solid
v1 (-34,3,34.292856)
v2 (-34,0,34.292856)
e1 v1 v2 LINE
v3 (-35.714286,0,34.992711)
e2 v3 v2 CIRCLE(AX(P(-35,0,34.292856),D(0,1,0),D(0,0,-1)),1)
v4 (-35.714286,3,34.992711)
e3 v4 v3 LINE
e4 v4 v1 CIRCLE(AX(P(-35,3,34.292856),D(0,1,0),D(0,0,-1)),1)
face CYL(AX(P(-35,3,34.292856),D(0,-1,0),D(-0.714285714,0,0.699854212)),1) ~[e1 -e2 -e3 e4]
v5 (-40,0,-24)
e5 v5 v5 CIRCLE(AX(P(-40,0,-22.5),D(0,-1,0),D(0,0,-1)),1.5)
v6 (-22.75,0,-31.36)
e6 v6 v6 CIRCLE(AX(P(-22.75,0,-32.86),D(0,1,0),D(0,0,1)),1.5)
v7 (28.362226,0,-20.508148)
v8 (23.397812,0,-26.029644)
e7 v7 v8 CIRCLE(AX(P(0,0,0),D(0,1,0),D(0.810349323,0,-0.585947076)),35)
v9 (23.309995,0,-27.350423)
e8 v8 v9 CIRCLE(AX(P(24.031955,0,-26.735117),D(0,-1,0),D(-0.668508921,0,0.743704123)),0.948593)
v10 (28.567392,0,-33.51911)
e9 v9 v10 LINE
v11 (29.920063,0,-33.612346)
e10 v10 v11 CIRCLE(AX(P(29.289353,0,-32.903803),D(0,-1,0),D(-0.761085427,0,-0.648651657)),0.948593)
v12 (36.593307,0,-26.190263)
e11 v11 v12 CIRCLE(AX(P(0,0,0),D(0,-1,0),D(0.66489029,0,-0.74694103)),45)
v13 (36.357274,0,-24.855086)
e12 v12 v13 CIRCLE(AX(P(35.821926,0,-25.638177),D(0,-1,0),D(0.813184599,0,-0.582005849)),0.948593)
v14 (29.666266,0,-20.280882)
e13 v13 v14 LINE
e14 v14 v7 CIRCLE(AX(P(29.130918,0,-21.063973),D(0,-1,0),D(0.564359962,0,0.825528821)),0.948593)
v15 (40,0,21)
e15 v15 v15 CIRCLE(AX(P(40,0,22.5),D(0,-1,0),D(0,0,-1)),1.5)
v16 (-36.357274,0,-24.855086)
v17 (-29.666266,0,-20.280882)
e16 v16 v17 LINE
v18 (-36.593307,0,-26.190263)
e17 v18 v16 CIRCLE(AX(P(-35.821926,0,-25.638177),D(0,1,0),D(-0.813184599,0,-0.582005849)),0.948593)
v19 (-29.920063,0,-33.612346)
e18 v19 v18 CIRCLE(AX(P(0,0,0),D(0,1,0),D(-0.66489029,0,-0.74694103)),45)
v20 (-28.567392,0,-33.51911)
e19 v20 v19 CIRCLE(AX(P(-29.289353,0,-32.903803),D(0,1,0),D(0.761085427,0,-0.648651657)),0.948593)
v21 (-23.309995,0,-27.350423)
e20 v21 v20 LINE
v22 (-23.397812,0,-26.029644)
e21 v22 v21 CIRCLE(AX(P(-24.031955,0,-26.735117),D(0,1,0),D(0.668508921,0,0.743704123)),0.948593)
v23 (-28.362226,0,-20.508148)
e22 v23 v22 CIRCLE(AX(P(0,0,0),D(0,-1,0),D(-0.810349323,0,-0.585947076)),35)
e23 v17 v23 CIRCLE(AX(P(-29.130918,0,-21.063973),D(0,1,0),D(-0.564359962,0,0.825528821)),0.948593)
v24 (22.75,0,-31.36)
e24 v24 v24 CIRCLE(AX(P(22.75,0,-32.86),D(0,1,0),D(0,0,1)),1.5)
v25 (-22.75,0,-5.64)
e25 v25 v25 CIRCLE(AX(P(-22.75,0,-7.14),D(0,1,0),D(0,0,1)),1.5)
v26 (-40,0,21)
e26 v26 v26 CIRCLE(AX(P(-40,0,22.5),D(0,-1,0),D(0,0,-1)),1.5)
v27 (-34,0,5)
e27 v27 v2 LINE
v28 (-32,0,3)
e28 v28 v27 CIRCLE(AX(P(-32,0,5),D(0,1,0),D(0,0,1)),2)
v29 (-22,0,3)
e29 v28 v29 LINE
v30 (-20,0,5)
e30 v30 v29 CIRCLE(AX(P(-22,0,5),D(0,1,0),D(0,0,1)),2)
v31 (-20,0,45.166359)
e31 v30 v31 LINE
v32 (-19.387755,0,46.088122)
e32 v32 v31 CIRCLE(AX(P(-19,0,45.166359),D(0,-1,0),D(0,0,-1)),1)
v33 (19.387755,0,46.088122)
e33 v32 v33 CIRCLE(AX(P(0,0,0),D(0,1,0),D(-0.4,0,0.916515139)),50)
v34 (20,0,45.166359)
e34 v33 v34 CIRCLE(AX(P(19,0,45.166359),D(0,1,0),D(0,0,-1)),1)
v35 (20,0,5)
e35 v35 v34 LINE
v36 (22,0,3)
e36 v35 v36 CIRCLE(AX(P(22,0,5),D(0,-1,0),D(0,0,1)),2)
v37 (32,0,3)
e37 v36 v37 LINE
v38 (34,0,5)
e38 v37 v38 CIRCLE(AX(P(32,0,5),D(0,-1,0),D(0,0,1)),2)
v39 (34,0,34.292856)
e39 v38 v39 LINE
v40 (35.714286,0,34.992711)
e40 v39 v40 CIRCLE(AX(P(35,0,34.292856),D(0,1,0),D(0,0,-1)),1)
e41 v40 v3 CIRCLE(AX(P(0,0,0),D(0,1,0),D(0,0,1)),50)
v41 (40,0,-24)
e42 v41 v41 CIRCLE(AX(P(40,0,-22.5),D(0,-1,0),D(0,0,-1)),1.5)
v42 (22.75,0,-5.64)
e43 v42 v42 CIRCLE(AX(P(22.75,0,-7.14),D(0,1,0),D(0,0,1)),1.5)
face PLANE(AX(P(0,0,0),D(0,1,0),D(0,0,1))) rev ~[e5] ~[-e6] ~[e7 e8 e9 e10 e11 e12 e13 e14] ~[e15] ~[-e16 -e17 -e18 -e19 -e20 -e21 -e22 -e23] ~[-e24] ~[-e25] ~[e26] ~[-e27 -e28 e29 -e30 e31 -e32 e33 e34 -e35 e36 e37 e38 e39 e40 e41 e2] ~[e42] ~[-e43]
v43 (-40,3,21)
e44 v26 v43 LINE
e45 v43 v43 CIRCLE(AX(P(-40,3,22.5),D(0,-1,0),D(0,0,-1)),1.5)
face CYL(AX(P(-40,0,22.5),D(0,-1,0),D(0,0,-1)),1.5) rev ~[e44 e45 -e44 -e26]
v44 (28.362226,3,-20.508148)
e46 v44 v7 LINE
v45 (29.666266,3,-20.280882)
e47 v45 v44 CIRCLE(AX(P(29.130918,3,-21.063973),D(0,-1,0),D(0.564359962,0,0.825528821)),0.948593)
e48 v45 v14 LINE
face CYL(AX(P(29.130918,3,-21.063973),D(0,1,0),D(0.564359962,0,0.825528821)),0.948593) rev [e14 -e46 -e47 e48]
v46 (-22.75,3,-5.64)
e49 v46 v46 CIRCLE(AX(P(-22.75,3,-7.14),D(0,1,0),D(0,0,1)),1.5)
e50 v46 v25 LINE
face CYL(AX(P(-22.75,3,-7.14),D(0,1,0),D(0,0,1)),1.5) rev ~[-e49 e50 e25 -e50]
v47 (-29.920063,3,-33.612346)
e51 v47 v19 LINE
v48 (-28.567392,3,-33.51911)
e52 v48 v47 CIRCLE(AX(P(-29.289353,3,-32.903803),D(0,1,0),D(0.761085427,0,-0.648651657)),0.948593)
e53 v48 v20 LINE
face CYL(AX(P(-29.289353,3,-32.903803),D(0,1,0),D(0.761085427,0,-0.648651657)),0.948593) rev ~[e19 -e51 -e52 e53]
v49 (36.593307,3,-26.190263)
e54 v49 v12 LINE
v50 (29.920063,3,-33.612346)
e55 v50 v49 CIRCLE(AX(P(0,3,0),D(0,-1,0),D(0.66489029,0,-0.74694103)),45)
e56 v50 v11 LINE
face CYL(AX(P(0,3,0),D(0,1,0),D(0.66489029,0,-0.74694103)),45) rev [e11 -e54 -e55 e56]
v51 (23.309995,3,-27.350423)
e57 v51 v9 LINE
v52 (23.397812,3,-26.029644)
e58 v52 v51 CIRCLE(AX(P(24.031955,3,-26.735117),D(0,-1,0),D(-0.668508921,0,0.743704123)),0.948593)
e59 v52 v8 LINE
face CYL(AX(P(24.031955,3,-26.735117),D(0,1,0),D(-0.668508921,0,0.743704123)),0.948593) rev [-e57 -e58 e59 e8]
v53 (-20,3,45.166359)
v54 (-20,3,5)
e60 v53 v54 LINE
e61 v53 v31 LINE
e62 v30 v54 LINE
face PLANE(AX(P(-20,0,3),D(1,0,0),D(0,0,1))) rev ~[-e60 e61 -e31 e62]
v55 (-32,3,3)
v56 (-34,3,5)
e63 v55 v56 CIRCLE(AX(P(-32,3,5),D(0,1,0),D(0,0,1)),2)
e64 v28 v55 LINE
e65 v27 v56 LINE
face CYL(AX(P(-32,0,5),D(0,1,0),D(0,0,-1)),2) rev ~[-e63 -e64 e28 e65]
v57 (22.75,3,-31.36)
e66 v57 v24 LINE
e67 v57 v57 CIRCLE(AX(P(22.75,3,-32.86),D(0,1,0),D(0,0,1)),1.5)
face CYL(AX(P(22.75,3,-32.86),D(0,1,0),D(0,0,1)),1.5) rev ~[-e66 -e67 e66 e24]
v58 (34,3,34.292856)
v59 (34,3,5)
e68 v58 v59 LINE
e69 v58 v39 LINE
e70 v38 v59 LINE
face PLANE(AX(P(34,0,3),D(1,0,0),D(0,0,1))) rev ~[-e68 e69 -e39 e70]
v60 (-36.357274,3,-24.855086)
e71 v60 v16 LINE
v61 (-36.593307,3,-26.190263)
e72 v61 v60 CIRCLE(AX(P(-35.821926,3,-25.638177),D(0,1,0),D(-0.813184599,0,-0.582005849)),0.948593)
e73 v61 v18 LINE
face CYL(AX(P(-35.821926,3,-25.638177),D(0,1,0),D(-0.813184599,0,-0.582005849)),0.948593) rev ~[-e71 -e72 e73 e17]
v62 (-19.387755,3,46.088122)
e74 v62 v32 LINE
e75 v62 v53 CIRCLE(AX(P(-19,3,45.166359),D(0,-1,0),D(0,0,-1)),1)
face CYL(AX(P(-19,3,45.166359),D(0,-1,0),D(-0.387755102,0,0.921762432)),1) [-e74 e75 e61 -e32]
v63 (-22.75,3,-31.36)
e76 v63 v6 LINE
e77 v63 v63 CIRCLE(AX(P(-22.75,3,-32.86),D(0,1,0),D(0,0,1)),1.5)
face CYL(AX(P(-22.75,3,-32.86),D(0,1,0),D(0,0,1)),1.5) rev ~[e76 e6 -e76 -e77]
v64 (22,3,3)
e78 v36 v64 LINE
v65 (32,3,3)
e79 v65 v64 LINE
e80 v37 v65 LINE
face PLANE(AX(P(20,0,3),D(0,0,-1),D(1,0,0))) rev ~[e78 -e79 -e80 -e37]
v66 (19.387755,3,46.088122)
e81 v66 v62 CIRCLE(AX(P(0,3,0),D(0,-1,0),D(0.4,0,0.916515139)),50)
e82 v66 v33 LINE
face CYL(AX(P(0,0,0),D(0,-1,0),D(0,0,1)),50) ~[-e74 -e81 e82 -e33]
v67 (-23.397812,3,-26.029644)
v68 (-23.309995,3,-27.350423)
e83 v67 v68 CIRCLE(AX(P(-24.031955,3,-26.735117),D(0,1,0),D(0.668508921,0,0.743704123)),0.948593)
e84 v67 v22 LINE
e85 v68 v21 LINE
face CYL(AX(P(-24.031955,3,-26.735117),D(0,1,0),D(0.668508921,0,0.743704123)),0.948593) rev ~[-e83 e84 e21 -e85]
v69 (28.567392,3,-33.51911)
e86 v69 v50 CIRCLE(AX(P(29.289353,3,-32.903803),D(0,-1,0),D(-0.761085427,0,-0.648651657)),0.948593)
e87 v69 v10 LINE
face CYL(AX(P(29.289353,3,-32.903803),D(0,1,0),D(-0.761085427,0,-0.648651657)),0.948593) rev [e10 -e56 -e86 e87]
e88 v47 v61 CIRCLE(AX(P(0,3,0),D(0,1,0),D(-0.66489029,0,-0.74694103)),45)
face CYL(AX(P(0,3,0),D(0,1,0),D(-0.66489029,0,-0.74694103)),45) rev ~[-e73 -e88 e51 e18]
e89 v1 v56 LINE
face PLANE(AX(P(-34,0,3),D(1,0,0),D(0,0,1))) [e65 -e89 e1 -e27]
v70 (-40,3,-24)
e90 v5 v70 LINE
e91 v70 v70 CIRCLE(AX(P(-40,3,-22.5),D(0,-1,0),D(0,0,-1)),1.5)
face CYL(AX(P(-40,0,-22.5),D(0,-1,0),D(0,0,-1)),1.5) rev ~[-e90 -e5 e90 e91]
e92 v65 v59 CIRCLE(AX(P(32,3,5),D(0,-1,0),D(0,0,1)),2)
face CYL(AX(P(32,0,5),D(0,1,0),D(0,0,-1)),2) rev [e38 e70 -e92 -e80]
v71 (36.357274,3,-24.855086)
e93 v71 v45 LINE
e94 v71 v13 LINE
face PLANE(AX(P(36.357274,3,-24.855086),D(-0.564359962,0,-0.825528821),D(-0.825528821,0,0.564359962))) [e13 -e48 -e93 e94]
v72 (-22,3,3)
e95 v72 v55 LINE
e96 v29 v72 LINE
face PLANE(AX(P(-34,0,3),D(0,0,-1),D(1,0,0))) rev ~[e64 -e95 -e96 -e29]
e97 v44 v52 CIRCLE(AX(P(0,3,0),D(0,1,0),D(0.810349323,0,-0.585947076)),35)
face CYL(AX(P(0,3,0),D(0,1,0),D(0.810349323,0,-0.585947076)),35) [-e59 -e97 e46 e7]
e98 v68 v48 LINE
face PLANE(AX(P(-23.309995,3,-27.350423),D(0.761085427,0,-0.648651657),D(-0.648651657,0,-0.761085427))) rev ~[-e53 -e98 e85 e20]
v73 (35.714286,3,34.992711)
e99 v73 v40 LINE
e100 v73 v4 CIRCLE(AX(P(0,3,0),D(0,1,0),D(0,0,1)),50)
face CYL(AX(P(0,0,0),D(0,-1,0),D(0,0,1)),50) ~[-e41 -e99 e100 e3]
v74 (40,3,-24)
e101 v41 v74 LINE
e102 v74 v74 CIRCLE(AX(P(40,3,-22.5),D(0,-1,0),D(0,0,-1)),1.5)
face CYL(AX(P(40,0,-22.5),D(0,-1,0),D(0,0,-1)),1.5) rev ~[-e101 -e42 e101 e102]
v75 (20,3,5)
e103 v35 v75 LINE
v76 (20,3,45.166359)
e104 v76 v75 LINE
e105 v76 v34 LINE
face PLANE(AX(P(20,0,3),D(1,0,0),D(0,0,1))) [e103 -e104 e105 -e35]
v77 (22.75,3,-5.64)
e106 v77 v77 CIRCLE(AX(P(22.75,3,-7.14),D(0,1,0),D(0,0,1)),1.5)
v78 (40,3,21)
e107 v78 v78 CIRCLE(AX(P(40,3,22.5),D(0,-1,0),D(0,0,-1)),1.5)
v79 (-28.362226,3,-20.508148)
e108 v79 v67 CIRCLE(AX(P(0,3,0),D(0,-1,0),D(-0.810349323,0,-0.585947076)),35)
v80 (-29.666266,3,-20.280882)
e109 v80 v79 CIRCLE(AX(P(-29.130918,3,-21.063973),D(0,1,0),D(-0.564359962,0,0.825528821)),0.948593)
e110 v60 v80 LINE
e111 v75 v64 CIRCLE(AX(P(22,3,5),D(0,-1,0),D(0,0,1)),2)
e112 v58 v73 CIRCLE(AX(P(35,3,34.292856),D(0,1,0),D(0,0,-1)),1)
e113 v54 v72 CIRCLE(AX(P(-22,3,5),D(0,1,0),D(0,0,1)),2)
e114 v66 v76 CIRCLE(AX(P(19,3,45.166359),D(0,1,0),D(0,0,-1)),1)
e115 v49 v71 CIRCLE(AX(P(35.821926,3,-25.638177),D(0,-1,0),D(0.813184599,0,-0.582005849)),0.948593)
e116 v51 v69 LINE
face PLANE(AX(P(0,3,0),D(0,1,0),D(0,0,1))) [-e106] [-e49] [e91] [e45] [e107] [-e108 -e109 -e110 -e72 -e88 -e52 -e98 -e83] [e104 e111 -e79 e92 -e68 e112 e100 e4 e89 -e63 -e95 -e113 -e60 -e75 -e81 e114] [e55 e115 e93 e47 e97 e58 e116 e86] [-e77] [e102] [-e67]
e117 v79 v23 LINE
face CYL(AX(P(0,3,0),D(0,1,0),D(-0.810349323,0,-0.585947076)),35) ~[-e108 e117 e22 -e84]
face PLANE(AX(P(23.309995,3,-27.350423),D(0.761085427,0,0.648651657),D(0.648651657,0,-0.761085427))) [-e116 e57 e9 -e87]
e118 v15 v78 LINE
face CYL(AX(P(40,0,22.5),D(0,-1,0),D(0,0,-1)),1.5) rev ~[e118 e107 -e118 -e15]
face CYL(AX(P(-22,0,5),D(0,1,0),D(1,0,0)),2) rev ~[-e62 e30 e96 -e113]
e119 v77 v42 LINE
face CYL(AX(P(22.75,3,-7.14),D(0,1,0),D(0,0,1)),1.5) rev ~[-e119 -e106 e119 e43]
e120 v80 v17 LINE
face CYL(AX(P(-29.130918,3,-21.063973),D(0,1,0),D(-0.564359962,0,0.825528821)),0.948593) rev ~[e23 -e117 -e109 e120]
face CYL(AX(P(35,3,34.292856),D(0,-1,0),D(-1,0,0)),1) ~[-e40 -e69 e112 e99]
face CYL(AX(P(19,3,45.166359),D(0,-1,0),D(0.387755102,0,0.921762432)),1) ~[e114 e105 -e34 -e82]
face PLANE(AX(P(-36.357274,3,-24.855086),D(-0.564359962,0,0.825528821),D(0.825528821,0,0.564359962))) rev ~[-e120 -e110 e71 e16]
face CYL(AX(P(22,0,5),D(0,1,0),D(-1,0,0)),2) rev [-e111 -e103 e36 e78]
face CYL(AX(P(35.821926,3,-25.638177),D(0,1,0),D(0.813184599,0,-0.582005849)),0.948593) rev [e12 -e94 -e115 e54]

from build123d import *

# Parameters (mm, degrees)
SKETCH1_R           = 50
BOSS_EXTRUDE1_DEPTH = 3
SKETCH2_R           = 1.5
CUT_EXTRUDE1_DEPTH  = 10
SKETCH3_W           = 14
SKETCH3_H           = 45
CUT_EXTRUDE2_DEPTH  = 10
FILLET1_R           = 1
SKETCH4_R           = 1.5
CUT_EXTRUDE3_DEPTH  = 10
FILLET2_R           = 2
CUT_EXTRUDE5_DEPTH  = 3


with BuildPart() as part:
    # Sketch1 → Boss-Extrude1 (new body)
    with BuildSketch(Plane(origin=(0, 0, 0), x_dir=(1, 0, 0), z_dir=(0, 1, 0))):
        with Locations(Location((0, 0, 0), (0, 0, 270))):
            Circle(SKETCH1_R)
    extrude(amount=BOSS_EXTRUDE1_DEPTH)

    # Sketch2 → Cut-Extrude1 (cut)
    with BuildSketch(Plane(origin=(0, 3, 0), x_dir=(1, 0, 0), z_dir=(0, 1, 0))):
        with Locations(Location((-22.75, 32.86, 0), (0, 0, 270))):
            Circle(SKETCH2_R)
        with Locations(Location((22.75, 32.86, 0), (0, 0, 270))):
            Circle(SKETCH2_R)
        with Locations(Location((22.75, 7.14, 0), (0, 0, 270))):
            Circle(SKETCH2_R)
        with Locations(Location((-22.75, 7.14, 0), (0, 0, 270))):
            Circle(SKETCH2_R)
    extrude(amount=-CUT_EXTRUDE1_DEPTH, mode=Mode.SUBTRACT)

    # Sketch3 → Cut-Extrude2 (cut)
    with BuildSketch(Plane.XZ):
        with Locations((-27, 25.5)):
            Rectangle(SKETCH3_W, SKETCH3_H)
        with Locations((27, 25.5)):
            Rectangle(SKETCH3_W, SKETCH3_H)
    extrude(amount=-CUT_EXTRUDE2_DEPTH, mode=Mode.SUBTRACT)

    # Fillet1
    fillet1_edges = [part.edges().sort_by_distance(p)[0] for p in [
        (-34, 1.5, 36.66060556),
        (-20, 1.5, 45.82575695),
        (34, 1.5, 36.66060556),
        (20, 1.5, 45.82575695),
    ]]
    fillet(fillet1_edges, radius=FILLET1_R)

    # Sketch4 → Cut-Extrude3 (cut)
    with BuildSketch(Plane.XZ):
        with Locations(Location((-40, 22.5, 0), (0, 0, 270))):
            Circle(SKETCH4_R)
        with Locations(Location((-40, -22.5, 0), (0, 0, 270))):
            Circle(SKETCH4_R)
        with Locations(Location((40, -22.5, 0), (0, 0, 270))):
            Circle(SKETCH4_R)
        with Locations(Location((40, 22.5, 0), (0, 0, 270))):
            Circle(SKETCH4_R)
    extrude(amount=-CUT_EXTRUDE3_DEPTH, mode=Mode.SUBTRACT)

    # Fillet2
    fillet2_edges = [part.edges().sort_by_distance(p)[0] for p in [
        (-34, 1.5, 3),
        (-20, 1.5, 3),
        (20, 1.5, 3),
        (34, 1.5, 3),
    ]]
    fillet(fillet2_edges, radius=FILLET2_R)

    # Sketch6 → Cut-Extrude5 (cut)
    with BuildSketch(Plane(origin=(0, 3, 0), x_dir=(1, 0, 0), z_dir=(0, 1, 0))):
        with BuildLine():
            Line((23.309994817, 27.350423227), (28.567392471, 33.519109752))
            ThreePointArc((28.567392471, 33.519109752), (29.22412311, 33.850150921), (29.920063035, 33.612346362))
            ThreePointArc((29.920063035, 33.612346362), (33.463097983, 30.086892052), (36.593306958, 26.190263189))
            ThreePointArc((36.593306958, 26.190263189), (36.756034947, 25.473044262), (36.357273652, 24.855085673))
            Line((36.357273652, 24.855085673), (29.666265874, 20.280882086))
            ThreePointArc((29.666265874, 20.280882086), (28.968053798, 20.129465624), (28.362226288, 20.508147649))
            ThreePointArc((28.362226288, 20.508147649), (26.026853987, 23.400916041), (23.397812241, 26.029644299))
            ThreePointArc((23.397812241, 26.029644299), (23.085451973, 26.672184656), (23.309994817, 27.350423227))
        make_face()
        with BuildLine():
            Line((-23.309994817, 27.350423227), (-28.567392471, 33.519109752))
            ThreePointArc((-28.567392471, 33.519109752), (-29.22412311, 33.850150921), (-29.920063035, 33.612346362))
            ThreePointArc((-29.920063035, 33.612346362), (-33.463097983, 30.086892052), (-36.593306958, 26.190263189))
            ThreePointArc((-36.593306958, 26.190263189), (-36.756034947, 25.473044262), (-36.357273652, 24.855085673))
            Line((-36.357273652, 24.855085673), (-29.666265874, 20.280882086))
            ThreePointArc((-29.666265874, 20.280882086), (-28.968053798, 20.129465624), (-28.362226288, 20.508147649))
            ThreePointArc((-28.362226288, 20.508147649), (-26.026853987, 23.400916041), (-23.397812241, 26.029644299))
            ThreePointArc((-23.397812241, 26.029644299), (-23.085451973, 26.672184656), (-23.309994817, 27.350423227))
        make_face()
    extrude(amount=-CUT_EXTRUDE5_DEPTH, mode=Mode.SUBTRACT)


solid = part.part
